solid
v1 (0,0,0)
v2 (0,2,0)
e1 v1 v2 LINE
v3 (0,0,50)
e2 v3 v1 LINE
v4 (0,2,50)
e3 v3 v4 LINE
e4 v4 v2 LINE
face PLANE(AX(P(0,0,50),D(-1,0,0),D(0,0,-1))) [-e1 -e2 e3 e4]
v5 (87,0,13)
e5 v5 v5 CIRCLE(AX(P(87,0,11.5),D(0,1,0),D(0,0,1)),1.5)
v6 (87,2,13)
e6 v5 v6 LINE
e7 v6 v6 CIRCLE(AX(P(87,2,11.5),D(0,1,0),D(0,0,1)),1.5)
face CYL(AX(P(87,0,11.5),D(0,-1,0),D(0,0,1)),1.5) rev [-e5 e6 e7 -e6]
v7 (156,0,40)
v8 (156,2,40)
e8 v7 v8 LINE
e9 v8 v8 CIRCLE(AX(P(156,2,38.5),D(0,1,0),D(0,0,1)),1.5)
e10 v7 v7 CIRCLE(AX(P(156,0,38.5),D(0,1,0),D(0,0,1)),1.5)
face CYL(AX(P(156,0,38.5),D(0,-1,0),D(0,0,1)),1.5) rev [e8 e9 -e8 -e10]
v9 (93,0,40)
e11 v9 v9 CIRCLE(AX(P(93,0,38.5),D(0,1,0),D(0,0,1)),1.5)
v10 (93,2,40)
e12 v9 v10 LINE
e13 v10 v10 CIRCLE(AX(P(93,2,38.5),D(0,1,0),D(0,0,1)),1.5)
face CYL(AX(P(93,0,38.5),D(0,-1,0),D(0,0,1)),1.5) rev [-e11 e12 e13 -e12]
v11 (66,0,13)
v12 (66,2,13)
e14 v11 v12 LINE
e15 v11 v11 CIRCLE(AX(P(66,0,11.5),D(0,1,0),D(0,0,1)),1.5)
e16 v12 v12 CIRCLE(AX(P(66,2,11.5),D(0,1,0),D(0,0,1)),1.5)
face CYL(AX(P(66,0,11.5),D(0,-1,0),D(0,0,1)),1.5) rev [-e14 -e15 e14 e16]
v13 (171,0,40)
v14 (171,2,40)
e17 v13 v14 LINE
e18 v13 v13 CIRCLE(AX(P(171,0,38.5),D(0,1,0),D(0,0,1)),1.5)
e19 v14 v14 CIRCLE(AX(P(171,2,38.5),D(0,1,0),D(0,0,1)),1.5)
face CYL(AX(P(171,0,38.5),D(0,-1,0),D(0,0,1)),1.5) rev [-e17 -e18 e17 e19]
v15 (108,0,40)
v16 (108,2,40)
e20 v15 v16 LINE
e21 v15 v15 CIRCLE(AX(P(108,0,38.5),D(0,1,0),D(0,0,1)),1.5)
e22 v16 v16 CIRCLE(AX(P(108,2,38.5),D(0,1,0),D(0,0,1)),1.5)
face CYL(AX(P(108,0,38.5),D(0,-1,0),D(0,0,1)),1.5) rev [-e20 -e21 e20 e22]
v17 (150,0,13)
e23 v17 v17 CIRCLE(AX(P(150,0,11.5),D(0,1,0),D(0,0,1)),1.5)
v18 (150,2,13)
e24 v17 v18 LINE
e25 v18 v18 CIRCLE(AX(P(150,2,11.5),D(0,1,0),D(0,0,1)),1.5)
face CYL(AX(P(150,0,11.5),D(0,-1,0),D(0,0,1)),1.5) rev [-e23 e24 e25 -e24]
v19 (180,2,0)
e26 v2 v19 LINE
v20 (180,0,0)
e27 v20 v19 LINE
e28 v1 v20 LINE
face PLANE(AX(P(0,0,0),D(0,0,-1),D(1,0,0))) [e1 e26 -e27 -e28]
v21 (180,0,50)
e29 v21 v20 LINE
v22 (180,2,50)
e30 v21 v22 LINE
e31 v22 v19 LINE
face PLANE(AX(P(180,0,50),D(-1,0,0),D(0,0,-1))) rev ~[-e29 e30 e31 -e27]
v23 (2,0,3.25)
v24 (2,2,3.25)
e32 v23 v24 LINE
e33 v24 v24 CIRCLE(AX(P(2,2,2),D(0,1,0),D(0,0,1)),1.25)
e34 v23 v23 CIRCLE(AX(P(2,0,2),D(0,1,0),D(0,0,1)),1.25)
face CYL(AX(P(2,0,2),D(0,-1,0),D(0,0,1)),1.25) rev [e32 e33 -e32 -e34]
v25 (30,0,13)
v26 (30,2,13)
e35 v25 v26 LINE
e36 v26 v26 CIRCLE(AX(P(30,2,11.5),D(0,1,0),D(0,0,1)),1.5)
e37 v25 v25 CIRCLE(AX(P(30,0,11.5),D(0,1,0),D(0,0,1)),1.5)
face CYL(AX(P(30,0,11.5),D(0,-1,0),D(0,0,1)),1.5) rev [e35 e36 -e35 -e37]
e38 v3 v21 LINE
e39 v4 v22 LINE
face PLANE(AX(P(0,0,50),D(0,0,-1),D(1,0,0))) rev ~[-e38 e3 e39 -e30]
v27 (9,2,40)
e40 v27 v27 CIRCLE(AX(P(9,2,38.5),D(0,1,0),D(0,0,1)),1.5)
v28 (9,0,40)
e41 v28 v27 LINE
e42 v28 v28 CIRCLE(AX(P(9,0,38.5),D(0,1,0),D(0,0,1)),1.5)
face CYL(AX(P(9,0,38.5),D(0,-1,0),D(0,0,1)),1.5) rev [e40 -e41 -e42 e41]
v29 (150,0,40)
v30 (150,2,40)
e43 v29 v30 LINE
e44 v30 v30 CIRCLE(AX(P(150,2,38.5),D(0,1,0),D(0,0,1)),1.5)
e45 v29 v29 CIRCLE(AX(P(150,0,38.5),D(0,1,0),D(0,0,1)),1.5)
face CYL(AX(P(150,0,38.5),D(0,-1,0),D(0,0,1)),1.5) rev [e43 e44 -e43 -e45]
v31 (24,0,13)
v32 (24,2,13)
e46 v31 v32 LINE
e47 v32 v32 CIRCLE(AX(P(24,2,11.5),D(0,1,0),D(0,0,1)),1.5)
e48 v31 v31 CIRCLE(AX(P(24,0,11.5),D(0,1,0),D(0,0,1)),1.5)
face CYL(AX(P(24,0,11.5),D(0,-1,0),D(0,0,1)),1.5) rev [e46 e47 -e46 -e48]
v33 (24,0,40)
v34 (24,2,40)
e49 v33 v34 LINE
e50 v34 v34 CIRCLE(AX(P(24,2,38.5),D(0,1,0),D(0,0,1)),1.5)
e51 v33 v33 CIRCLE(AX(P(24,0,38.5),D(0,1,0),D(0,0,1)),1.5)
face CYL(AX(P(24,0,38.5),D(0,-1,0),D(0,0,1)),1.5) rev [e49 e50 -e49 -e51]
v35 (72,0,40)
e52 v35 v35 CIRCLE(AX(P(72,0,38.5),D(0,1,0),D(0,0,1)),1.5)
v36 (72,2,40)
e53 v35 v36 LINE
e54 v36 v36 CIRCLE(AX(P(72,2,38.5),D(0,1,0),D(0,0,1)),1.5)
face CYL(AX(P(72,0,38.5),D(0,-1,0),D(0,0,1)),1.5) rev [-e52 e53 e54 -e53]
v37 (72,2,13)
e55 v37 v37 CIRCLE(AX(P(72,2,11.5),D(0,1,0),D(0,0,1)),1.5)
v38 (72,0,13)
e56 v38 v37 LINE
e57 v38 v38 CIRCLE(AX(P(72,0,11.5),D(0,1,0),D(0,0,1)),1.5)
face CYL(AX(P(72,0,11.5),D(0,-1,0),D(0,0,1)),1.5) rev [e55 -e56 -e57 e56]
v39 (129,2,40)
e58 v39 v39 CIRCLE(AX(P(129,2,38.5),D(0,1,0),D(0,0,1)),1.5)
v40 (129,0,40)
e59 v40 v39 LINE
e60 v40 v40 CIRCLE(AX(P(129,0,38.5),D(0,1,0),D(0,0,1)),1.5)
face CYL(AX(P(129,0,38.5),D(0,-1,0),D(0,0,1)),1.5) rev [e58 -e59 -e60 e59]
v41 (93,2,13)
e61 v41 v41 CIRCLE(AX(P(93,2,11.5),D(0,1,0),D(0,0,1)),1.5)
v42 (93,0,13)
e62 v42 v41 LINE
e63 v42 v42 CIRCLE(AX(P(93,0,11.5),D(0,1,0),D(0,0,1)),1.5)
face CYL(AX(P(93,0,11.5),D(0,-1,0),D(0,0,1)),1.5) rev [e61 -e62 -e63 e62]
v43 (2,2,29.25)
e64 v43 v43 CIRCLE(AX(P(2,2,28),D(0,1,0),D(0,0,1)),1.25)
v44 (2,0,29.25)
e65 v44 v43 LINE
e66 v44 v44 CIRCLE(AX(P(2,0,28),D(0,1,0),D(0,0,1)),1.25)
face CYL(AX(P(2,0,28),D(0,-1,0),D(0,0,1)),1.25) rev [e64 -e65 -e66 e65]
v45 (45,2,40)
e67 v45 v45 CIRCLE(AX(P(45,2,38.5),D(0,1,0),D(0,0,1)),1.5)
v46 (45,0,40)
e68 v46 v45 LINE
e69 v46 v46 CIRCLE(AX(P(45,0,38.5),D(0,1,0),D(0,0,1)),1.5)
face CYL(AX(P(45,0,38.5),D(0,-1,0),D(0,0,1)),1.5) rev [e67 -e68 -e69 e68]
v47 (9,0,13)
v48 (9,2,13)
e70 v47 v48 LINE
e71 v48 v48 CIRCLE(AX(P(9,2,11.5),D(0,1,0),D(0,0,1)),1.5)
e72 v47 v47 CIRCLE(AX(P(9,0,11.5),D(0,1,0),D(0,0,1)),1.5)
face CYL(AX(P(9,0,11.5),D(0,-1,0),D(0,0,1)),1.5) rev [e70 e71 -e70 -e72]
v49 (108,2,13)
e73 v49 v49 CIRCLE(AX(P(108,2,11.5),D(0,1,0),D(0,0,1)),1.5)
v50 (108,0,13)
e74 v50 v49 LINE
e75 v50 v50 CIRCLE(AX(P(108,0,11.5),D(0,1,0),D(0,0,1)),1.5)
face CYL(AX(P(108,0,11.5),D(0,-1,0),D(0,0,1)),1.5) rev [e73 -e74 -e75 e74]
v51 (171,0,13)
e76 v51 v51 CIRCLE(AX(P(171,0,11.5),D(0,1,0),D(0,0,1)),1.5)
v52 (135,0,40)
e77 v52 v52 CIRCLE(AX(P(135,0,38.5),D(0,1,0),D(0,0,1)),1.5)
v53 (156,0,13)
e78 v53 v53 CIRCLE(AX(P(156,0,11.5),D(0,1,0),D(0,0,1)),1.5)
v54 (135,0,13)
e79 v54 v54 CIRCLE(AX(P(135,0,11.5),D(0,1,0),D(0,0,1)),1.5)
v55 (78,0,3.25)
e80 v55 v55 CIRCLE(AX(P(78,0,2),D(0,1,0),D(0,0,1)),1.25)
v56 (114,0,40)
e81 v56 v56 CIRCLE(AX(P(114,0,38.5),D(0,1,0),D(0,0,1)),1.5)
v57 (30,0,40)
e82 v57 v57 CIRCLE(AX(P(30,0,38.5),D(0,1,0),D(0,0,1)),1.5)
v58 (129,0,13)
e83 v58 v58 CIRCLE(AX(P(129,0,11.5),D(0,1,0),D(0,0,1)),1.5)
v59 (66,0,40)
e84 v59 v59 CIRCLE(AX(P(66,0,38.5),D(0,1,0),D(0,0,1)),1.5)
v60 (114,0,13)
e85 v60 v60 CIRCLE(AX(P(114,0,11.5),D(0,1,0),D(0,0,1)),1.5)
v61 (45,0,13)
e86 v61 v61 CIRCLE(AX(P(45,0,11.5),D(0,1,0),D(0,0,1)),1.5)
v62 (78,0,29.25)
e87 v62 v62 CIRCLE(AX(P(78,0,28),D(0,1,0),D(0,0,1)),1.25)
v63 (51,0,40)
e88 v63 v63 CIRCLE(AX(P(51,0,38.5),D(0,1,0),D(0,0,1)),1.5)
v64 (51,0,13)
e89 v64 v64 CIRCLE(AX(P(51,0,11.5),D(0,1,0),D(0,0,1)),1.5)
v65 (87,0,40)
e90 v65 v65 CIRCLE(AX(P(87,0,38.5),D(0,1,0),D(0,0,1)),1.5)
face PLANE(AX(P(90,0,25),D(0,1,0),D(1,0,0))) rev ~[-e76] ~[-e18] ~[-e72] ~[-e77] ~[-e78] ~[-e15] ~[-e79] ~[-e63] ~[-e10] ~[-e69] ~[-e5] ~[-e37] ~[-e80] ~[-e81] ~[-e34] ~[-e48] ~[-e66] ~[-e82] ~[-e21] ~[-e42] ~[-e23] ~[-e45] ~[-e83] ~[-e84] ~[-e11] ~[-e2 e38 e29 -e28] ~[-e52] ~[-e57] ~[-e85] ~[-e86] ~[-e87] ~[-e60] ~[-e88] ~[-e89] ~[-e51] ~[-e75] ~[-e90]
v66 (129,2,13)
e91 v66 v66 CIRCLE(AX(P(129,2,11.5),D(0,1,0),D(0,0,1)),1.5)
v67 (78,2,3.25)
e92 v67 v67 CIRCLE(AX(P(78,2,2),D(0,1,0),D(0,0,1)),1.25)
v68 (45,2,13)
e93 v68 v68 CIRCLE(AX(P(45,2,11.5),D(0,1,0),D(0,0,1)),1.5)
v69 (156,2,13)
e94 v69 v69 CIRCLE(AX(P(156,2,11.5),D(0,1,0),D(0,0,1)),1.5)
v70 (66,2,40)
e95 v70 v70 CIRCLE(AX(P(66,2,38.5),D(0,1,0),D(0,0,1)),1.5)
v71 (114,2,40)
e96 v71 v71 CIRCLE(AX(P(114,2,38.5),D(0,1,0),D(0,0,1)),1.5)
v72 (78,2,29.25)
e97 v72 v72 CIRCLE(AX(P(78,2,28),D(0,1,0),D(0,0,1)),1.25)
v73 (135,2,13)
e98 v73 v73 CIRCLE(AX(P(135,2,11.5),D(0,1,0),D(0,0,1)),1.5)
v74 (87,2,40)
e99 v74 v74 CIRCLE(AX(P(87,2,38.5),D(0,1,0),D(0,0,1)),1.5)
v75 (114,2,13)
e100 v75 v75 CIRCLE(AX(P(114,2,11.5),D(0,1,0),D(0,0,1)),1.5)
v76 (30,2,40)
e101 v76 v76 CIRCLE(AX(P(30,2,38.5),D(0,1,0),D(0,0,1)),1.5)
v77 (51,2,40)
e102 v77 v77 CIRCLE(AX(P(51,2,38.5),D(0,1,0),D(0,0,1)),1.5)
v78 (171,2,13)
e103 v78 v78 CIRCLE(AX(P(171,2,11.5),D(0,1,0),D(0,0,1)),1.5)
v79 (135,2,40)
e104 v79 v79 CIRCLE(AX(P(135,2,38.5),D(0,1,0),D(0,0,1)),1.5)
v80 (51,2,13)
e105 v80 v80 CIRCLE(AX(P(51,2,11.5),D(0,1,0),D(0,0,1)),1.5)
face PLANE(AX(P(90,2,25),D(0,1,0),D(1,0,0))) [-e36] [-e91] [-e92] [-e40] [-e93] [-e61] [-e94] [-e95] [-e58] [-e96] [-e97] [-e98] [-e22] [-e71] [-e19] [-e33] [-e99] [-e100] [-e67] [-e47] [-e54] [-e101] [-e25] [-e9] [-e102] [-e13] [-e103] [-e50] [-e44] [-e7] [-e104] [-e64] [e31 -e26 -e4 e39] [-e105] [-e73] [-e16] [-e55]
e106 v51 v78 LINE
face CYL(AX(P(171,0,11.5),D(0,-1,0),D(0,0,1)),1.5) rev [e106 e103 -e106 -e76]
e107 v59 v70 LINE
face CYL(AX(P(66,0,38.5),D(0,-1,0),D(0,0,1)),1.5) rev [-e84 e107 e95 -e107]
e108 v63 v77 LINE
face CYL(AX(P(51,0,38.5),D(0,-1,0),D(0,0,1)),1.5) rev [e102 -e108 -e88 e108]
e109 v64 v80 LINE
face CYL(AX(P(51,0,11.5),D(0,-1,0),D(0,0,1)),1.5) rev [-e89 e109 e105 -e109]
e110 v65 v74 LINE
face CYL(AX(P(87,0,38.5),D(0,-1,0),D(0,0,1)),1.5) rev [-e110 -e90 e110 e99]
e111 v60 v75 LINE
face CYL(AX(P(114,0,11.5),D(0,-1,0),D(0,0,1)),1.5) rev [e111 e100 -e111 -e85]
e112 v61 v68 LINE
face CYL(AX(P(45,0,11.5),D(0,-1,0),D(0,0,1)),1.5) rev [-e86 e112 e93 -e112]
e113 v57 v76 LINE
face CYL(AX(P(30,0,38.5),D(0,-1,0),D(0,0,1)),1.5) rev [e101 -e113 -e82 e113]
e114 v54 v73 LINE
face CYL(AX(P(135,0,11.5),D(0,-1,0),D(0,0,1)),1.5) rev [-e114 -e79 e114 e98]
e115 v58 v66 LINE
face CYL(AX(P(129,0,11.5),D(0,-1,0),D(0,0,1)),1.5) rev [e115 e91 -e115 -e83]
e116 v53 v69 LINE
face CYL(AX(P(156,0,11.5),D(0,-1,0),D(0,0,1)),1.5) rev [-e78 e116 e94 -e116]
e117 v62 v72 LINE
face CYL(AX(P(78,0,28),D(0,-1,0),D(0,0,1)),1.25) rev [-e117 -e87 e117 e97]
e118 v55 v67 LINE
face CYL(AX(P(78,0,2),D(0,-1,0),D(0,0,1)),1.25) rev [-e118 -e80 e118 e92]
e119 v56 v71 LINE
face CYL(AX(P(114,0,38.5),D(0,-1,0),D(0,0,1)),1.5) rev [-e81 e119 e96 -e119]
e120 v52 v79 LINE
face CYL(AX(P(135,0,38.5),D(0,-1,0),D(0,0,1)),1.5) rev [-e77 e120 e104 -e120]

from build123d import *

# Parameters (mm, degrees)
SKETCH_1_W      = 180
SKETCH_1_H      = 50
SKETCH_1_R      = 1.5
SKETCH_1_R_2    = 1.25
EXTRUDE_1_DEPTH = 2


with BuildPart() as part:
    # 草图1 → 凸台-拉伸1 (new body)
    with BuildSketch(Plane(origin=(0, 0, 0), x_dir=(1, 0, 0), z_dir=(0, 1, 0))):
        with Locations((90, -25)):
            Rectangle(SKETCH_1_W, SKETCH_1_H)
        with Locations(Location((9, -11.5, 0), (0, 0, 270))):
            Circle(SKETCH_1_R, mode=Mode.SUBTRACT)
        with Locations(Location((9, -38.5, 0), (0, 0, 270))):
            Circle(SKETCH_1_R, mode=Mode.SUBTRACT)
        with Locations(Location((24, -11.5, 0), (0, 0, 270))):
            Circle(SKETCH_1_R, mode=Mode.SUBTRACT)
        with Locations(Location((24, -38.5, 0), (0, 0, 270))):
            Circle(SKETCH_1_R, mode=Mode.SUBTRACT)
        with Locations(Location((30, -38.5, 0), (0, 0, 270))):
            Circle(SKETCH_1_R, mode=Mode.SUBTRACT)
        with Locations(Location((45, -38.5, 0), (0, 0, 270))):
            Circle(SKETCH_1_R, mode=Mode.SUBTRACT)
        with Locations(Location((45, -11.5, 0), (0, 0, 270))):
            Circle(SKETCH_1_R, mode=Mode.SUBTRACT)
        with Locations(Location((30, -11.5, 0), (0, 0, 270))):
            Circle(SKETCH_1_R, mode=Mode.SUBTRACT)
        with Locations(Location((51, -38.5, 0), (0, 0, 270))):
            Circle(SKETCH_1_R, mode=Mode.SUBTRACT)
        with Locations(Location((66, -38.5, 0), (0, 0, 270))):
            Circle(SKETCH_1_R, mode=Mode.SUBTRACT)
        with Locations(Location((66, -11.5, 0), (0, 0, 270))):
            Circle(SKETCH_1_R, mode=Mode.SUBTRACT)
        with Locations(Location((51, -11.5, 0), (0, 0, 270))):
            Circle(SKETCH_1_R, mode=Mode.SUBTRACT)
        with Locations(Location((72, -38.5, 0), (0, 0, 270))):
            Circle(SKETCH_1_R, mode=Mode.SUBTRACT)
        with Locations(Location((87, -38.5, 0), (0, 0, 270))):
            Circle(SKETCH_1_R, mode=Mode.SUBTRACT)
        with Locations(Location((87, -11.5, 0), (0, 0, 270))):
            Circle(SKETCH_1_R, mode=Mode.SUBTRACT)
        with Locations(Location((72, -11.5, 0), (0, 0, 270))):
            Circle(SKETCH_1_R, mode=Mode.SUBTRACT)
        with Locations(Location((93, -38.5, 0), (0, 0, 270))):
            Circle(SKETCH_1_R, mode=Mode.SUBTRACT)
        with Locations(Location((108, -38.5, 0), (0, 0, 270))):
            Circle(SKETCH_1_R, mode=Mode.SUBTRACT)
        with Locations(Location((108, -11.5, 0), (0, 0, 270))):
            Circle(SKETCH_1_R, mode=Mode.SUBTRACT)
        with Locations(Location((93, -11.5, 0), (0, 0, 270))):
            Circle(SKETCH_1_R, mode=Mode.SUBTRACT)
        with Locations(Location((114, -38.5, 0), (0, 0, 270))):
            Circle(SKETCH_1_R, mode=Mode.SUBTRACT)
        with Locations(Location((129, -38.5, 0), (0, 0, 270))):
            Circle(SKETCH_1_R, mode=Mode.SUBTRACT)
        with Locations(Location((129, -11.5, 0), (0, 0, 270))):
            Circle(SKETCH_1_R, mode=Mode.SUBTRACT)
        with Locations(Location((114, -11.5, 0), (0, 0, 270))):
            Circle(SKETCH_1_R, mode=Mode.SUBTRACT)
        with Locations(Location((135, -38.5, 0), (0, 0, 270))):
            Circle(SKETCH_1_R, mode=Mode.SUBTRACT)
        with Locations(Location((150, -38.5, 0), (0, 0, 270))):
            Circle(SKETCH_1_R, mode=Mode.SUBTRACT)
        with Locations(Location((150, -11.5, 0), (0, 0, 270))):
            Circle(SKETCH_1_R, mode=Mode.SUBTRACT)
        with Locations(Location((135, -11.5, 0), (0, 0, 270))):
            Circle(SKETCH_1_R, mode=Mode.SUBTRACT)
        with Locations(Location((156, -38.5, 0), (0, 0, 270))):
            Circle(SKETCH_1_R, mode=Mode.SUBTRACT)
        with Locations(Location((171, -38.5, 0), (0, 0, 270))):
            Circle(SKETCH_1_R, mode=Mode.SUBTRACT)
        with Locations(Location((171, -11.5, 0), (0, 0, 270))):
            Circle(SKETCH_1_R, mode=Mode.SUBTRACT)
        with Locations(Location((156, -11.5, 0), (0, 0, 270))):
            Circle(SKETCH_1_R, mode=Mode.SUBTRACT)
        with Locations(Location((2, -2, 0), (0, 0, 270))):
            Circle(SKETCH_1_R_2, mode=Mode.SUBTRACT)
        with Locations(Location((78, -2, 0), (0, 0, 270))):
            Circle(SKETCH_1_R_2, mode=Mode.SUBTRACT)
        with Locations(Location((2, -28, 0), (0, 0, 270))):
            Circle(SKETCH_1_R_2, mode=Mode.SUBTRACT)
        with Locations(Location((78, -28, 0), (0, 0, 270))):
            Circle(SKETCH_1_R_2, mode=Mode.SUBTRACT)
    extrude(amount=EXTRUDE_1_DEPTH)


solid = part.part
